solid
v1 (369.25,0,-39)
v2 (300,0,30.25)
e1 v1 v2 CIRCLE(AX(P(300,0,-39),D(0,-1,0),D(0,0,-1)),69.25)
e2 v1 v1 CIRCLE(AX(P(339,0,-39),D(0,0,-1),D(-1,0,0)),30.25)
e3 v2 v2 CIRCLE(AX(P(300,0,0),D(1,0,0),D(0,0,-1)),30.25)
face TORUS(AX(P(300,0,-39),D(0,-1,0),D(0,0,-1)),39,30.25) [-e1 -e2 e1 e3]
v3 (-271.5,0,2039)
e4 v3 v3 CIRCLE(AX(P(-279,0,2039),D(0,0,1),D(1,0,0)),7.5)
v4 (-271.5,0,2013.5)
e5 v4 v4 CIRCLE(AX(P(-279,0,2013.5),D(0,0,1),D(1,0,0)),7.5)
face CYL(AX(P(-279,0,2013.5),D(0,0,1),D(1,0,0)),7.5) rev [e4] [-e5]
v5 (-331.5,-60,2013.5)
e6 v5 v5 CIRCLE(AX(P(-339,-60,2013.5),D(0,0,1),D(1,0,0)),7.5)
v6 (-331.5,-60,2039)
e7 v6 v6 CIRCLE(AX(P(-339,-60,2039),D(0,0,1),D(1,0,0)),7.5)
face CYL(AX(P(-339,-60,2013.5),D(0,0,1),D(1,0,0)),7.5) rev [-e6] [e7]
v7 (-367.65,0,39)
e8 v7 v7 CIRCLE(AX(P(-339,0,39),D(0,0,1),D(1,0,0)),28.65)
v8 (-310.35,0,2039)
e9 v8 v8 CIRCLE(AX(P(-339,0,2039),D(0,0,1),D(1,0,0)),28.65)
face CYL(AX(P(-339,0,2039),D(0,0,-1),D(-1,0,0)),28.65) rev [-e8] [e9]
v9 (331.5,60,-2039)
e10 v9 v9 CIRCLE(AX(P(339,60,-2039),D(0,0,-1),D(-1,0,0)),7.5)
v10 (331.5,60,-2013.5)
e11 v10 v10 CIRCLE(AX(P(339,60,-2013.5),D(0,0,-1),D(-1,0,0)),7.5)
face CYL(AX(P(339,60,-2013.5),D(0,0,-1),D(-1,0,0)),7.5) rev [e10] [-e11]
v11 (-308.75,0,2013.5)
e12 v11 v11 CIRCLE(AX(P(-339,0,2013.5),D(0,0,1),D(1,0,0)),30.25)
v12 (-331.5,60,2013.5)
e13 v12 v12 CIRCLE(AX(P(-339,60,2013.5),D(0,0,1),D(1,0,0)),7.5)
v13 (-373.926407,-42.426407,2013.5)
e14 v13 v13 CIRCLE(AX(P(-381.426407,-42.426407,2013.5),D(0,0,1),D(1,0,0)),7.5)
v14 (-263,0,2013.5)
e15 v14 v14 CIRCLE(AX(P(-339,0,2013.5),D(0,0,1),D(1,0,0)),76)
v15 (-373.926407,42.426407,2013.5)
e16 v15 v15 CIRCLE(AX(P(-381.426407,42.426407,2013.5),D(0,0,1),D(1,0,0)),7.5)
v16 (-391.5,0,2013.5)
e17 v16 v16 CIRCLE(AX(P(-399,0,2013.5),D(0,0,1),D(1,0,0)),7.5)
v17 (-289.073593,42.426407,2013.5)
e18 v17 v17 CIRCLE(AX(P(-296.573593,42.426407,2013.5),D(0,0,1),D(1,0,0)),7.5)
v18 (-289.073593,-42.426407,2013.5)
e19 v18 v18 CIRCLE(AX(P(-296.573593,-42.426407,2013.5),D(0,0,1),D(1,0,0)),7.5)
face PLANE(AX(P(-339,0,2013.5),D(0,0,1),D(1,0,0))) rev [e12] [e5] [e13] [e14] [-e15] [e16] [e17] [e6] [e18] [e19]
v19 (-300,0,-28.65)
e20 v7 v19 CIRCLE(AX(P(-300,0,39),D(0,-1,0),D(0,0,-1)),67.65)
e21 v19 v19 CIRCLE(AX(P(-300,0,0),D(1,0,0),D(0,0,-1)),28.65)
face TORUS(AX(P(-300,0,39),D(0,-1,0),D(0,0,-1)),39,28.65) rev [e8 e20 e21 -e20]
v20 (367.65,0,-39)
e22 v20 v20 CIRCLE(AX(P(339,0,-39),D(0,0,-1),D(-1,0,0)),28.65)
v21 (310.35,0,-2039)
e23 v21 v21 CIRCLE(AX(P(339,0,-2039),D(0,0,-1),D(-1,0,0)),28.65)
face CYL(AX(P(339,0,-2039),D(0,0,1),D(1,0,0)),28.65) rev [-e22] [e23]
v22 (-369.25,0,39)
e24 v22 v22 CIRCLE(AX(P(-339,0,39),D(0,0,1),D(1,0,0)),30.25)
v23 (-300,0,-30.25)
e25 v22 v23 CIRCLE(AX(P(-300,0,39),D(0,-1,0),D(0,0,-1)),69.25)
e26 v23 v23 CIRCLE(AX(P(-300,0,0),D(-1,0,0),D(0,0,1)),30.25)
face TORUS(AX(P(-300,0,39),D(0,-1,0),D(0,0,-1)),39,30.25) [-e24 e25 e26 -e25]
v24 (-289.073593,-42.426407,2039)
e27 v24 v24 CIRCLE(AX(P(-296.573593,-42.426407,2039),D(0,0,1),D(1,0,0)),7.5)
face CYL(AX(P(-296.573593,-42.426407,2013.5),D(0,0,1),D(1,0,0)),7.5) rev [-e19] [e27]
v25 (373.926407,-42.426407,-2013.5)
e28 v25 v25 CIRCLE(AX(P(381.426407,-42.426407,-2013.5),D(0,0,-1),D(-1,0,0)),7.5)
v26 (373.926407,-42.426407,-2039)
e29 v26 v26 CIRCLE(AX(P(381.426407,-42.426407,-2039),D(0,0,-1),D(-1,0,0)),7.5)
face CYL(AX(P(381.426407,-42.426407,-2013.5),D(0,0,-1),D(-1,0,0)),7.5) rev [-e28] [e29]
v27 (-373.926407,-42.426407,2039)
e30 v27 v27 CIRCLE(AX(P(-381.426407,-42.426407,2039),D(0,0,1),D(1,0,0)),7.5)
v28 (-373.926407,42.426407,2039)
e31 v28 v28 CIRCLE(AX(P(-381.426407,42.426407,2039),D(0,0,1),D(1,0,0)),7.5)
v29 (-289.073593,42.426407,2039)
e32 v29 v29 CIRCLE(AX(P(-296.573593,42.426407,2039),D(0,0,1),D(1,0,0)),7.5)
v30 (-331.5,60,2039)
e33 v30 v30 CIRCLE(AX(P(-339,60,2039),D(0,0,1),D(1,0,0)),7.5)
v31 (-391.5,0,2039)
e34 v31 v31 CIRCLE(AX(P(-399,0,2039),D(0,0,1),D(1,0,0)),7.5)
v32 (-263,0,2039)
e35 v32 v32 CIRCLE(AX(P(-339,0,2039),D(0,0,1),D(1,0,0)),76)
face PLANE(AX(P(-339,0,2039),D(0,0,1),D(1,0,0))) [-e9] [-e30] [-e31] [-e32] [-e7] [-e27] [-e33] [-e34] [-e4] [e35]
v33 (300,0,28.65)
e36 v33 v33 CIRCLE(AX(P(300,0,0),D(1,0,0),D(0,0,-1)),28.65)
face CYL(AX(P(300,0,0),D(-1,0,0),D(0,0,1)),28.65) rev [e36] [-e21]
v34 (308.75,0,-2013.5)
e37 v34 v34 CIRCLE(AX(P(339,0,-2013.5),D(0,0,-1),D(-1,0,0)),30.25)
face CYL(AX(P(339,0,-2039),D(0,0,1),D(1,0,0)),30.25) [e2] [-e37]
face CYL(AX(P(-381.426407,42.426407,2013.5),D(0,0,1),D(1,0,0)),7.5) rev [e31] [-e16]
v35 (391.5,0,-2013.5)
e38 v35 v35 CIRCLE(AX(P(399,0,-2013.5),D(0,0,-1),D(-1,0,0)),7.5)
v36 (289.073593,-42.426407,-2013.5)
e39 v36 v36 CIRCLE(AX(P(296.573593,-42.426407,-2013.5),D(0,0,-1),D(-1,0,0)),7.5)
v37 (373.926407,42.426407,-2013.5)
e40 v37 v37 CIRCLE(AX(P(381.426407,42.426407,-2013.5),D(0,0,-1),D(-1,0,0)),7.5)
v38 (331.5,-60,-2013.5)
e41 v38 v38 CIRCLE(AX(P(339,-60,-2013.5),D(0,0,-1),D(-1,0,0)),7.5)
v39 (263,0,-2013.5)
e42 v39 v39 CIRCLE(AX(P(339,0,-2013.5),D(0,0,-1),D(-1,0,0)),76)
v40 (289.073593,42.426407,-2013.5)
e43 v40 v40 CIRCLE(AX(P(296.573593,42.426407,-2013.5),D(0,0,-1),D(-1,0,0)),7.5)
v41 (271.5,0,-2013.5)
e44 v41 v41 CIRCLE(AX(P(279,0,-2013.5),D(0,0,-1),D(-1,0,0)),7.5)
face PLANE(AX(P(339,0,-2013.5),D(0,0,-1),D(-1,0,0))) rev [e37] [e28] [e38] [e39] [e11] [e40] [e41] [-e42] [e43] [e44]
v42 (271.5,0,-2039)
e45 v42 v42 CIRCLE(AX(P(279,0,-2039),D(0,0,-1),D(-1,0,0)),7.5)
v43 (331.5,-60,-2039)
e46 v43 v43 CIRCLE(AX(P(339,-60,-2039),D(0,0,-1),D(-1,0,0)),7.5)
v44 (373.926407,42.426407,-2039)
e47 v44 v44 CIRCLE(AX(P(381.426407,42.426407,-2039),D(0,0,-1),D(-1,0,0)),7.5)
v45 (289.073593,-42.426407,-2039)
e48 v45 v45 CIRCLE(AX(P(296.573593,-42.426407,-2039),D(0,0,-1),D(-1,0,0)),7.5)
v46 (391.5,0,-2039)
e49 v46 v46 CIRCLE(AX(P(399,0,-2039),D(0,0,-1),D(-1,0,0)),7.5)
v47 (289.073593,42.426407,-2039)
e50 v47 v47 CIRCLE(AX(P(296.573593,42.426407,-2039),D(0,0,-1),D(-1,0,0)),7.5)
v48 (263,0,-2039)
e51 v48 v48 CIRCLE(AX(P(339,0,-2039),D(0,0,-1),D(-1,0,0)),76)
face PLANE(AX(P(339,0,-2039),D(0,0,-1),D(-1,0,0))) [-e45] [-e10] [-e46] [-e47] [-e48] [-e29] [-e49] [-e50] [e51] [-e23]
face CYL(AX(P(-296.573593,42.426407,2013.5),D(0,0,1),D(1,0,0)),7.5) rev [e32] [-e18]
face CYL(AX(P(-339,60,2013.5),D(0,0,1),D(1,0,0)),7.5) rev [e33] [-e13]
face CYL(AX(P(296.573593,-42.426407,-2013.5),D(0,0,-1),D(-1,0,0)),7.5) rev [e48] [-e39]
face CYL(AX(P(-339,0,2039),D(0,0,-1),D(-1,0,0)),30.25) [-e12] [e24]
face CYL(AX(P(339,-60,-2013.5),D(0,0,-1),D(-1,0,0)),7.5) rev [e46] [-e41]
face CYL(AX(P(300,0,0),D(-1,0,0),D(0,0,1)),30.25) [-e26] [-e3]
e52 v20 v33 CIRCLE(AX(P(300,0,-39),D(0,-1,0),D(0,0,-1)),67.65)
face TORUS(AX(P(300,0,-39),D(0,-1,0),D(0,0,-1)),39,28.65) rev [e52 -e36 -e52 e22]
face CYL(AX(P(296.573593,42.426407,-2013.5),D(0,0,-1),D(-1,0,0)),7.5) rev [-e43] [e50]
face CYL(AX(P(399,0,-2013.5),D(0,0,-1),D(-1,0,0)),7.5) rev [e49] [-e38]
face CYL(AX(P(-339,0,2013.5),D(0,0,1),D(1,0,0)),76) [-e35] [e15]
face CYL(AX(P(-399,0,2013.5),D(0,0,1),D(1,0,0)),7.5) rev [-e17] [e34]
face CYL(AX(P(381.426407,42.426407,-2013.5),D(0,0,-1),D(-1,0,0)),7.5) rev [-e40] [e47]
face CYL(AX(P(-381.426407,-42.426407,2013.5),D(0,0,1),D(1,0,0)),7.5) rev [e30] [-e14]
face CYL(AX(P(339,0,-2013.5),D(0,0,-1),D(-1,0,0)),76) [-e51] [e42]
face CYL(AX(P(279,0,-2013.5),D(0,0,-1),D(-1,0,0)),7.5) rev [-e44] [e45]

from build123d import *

# Parameters (mm, degrees)
SKETCH_1_R      = 30.25
SKETCH_1_R_2    = 28.65
EXTRUDE_1_DEPTH = 300
SKETCH_2_R      = 30.25
SKETCH_2_R_2    = 28.65
REVOLVE_1_ANGLE = 90
SKETCH_3_R      = 30.25
SKETCH_3_R_2    = 28.65
REVOLVE_2_ANGLE = 90
SKETCH_4_R      = 30.25
SKETCH_4_R_2    = 28.65
EXTRUDE_2_DEPTH = 2000
SKETCH_5_R      = 30.25
SKETCH_5_R_2    = 28.65
EXTRUDE_3_DEPTH = 2000
EXTRUDE_START   = -25.5
SKETCH_6_R      = 76
SKETCH_6_R_2    = 28.65
SKETCH_6_R_3    = 7.5
EXTRUDE_4_DEPTH = 25.5
SKETCH_7_R      = 76
SKETCH_7_R_2    = 28.65
SKETCH_7_R_3    = 7.5
EXTRUDE_5_DEPTH = 25.5


with BuildPart() as part:
    # 스케치1 → 보스-돌출1 (new, symmetric)
    with BuildSketch(Plane(origin=(0, 0, 0), x_dir=(0, 0, -1), z_dir=(1, 0, 0))):
        Circle(SKETCH_1_R)
        Circle(SKETCH_1_R_2, mode=Mode.SUBTRACT)
    extrude(amount=EXTRUDE_1_DEPTH, both=True)

    # 스케치2 → 회전1 (revolve)
    with BuildSketch(Plane(origin=(300, 0, 0), x_dir=(0, 0, -1), z_dir=(1, 0, 0))):
        with Locations(Location((0, 0, 0), (0, 0, 180))):
            Circle(SKETCH_2_R)
        with Locations(Location((0, 0, 0), (0, 0, 180))):
            Circle(SKETCH_2_R_2, mode=Mode.SUBTRACT)
    revolve(axis=Axis((300, 37.728915397, -39), (0, 1, 0)), revolution_arc=REVOLVE_1_ANGLE)

    # 스케치3 → 회전2 (revolve)
    with BuildSketch(Plane.ZY.offset(300)):
        Circle(SKETCH_3_R)
        Circle(SKETCH_3_R_2, mode=Mode.SUBTRACT)
    revolve(axis=Axis((-300, 42.165716668, 39), (0, 1, 0)), revolution_arc=REVOLVE_2_ANGLE)

    # 스케치4 → 보스-돌출2 (add)
    with BuildSketch(Plane(origin=(0, 0, -39), x_dir=(-1, 0, 0), z_dir=(0, 0, -1))):
        with Locations(Location((-339, 0, 0), (0, 0, 180))):
            Circle(SKETCH_4_R)
        with Locations(Location((-339, 0, 0), (0, 0, 180))):
            Circle(SKETCH_4_R_2, mode=Mode.SUBTRACT)
    extrude(amount=EXTRUDE_2_DEPTH)

    # 스케치5 → 보스-돌출3 (add)
    with BuildSketch(Plane.XY.offset(39)):
        with Locations(Location((-339, 0, 0), (0, 0, 180))):
            Circle(SKETCH_5_R)
        with Locations(Location((-339, 0, 0), (0, 0, 180))):
            Circle(SKETCH_5_R_2, mode=Mode.SUBTRACT)
    extrude(amount=EXTRUDE_3_DEPTH)

    # 스케치6 → 보스-돌출4 (add)
    with BuildSketch(Plane.XY.offset(2039).offset(EXTRUDE_START)):
        with Locations((-339, 0)):
            Circle(SKETCH_6_R)
        with Locations(Location((-339, 0, 0), (0, 0, 180))):
            Circle(SKETCH_6_R_2, mode=Mode.SUBTRACT)
        with Locations((-339, 60)):
            Circle(SKETCH_6_R_3, mode=Mode.SUBTRACT)
        with Locations((-296.573593129, 42.426406871)):
            Circle(SKETCH_6_R_3, mode=Mode.SUBTRACT)
        with Locations((-279, 0)):
            Circle(SKETCH_6_R_3, mode=Mode.SUBTRACT)
        with Locations((-296.573593129, -42.426406871)):
            Circle(SKETCH_6_R_3, mode=Mode.SUBTRACT)
        with Locations((-339, -60)):
            Circle(SKETCH_6_R_3, mode=Mode.SUBTRACT)
        with Locations((-381.426406871, -42.426406871)):
            Circle(SKETCH_6_R_3, mode=Mode.SUBTRACT)
        with Locations((-399, 0)):
            Circle(SKETCH_6_R_3, mode=Mode.SUBTRACT)
        with Locations((-381.426406871, 42.426406871)):
            Circle(SKETCH_6_R_3, mode=Mode.SUBTRACT)
    extrude(amount=EXTRUDE_4_DEPTH)

    # 스케치7 → 보스-돌출5 (add)
    with BuildSketch(Plane(origin=(0, 0, -2039), x_dir=(-1, 0, 0), z_dir=(0, 0, -1)).offset(EXTRUDE_START)):
        with Locations((-339, 0)):
            Circle(SKETCH_7_R)
        with Locations(Location((-339, 0, 0), (0, 0, 180))):
            Circle(SKETCH_7_R_2, mode=Mode.SUBTRACT)
        with Locations((-339, 60)):
            Circle(SKETCH_7_R_3, mode=Mode.SUBTRACT)
        with Locations((-296.573593129, 42.426406871)):
            Circle(SKETCH_7_R_3, mode=Mode.SUBTRACT)
        with Locations((-279, 0)):
            Circle(SKETCH_7_R_3, mode=Mode.SUBTRACT)
        with Locations((-296.573593129, -42.426406871)):
            Circle(SKETCH_7_R_3, mode=Mode.SUBTRACT)
        with Locations((-339, -60)):
            Circle(SKETCH_7_R_3, mode=Mode.SUBTRACT)
        with Locations((-381.426406871, -42.426406871)):
            Circle(SKETCH_7_R_3, mode=Mode.SUBTRACT)
        with Locations((-399, 0)):
            Circle(SKETCH_7_R_3, mode=Mode.SUBTRACT)
        with Locations((-381.426406871, 42.426406871)):
            Circle(SKETCH_7_R_3, mode=Mode.SUBTRACT)
    extrude(amount=EXTRUDE_5_DEPTH)


solid = part.part
